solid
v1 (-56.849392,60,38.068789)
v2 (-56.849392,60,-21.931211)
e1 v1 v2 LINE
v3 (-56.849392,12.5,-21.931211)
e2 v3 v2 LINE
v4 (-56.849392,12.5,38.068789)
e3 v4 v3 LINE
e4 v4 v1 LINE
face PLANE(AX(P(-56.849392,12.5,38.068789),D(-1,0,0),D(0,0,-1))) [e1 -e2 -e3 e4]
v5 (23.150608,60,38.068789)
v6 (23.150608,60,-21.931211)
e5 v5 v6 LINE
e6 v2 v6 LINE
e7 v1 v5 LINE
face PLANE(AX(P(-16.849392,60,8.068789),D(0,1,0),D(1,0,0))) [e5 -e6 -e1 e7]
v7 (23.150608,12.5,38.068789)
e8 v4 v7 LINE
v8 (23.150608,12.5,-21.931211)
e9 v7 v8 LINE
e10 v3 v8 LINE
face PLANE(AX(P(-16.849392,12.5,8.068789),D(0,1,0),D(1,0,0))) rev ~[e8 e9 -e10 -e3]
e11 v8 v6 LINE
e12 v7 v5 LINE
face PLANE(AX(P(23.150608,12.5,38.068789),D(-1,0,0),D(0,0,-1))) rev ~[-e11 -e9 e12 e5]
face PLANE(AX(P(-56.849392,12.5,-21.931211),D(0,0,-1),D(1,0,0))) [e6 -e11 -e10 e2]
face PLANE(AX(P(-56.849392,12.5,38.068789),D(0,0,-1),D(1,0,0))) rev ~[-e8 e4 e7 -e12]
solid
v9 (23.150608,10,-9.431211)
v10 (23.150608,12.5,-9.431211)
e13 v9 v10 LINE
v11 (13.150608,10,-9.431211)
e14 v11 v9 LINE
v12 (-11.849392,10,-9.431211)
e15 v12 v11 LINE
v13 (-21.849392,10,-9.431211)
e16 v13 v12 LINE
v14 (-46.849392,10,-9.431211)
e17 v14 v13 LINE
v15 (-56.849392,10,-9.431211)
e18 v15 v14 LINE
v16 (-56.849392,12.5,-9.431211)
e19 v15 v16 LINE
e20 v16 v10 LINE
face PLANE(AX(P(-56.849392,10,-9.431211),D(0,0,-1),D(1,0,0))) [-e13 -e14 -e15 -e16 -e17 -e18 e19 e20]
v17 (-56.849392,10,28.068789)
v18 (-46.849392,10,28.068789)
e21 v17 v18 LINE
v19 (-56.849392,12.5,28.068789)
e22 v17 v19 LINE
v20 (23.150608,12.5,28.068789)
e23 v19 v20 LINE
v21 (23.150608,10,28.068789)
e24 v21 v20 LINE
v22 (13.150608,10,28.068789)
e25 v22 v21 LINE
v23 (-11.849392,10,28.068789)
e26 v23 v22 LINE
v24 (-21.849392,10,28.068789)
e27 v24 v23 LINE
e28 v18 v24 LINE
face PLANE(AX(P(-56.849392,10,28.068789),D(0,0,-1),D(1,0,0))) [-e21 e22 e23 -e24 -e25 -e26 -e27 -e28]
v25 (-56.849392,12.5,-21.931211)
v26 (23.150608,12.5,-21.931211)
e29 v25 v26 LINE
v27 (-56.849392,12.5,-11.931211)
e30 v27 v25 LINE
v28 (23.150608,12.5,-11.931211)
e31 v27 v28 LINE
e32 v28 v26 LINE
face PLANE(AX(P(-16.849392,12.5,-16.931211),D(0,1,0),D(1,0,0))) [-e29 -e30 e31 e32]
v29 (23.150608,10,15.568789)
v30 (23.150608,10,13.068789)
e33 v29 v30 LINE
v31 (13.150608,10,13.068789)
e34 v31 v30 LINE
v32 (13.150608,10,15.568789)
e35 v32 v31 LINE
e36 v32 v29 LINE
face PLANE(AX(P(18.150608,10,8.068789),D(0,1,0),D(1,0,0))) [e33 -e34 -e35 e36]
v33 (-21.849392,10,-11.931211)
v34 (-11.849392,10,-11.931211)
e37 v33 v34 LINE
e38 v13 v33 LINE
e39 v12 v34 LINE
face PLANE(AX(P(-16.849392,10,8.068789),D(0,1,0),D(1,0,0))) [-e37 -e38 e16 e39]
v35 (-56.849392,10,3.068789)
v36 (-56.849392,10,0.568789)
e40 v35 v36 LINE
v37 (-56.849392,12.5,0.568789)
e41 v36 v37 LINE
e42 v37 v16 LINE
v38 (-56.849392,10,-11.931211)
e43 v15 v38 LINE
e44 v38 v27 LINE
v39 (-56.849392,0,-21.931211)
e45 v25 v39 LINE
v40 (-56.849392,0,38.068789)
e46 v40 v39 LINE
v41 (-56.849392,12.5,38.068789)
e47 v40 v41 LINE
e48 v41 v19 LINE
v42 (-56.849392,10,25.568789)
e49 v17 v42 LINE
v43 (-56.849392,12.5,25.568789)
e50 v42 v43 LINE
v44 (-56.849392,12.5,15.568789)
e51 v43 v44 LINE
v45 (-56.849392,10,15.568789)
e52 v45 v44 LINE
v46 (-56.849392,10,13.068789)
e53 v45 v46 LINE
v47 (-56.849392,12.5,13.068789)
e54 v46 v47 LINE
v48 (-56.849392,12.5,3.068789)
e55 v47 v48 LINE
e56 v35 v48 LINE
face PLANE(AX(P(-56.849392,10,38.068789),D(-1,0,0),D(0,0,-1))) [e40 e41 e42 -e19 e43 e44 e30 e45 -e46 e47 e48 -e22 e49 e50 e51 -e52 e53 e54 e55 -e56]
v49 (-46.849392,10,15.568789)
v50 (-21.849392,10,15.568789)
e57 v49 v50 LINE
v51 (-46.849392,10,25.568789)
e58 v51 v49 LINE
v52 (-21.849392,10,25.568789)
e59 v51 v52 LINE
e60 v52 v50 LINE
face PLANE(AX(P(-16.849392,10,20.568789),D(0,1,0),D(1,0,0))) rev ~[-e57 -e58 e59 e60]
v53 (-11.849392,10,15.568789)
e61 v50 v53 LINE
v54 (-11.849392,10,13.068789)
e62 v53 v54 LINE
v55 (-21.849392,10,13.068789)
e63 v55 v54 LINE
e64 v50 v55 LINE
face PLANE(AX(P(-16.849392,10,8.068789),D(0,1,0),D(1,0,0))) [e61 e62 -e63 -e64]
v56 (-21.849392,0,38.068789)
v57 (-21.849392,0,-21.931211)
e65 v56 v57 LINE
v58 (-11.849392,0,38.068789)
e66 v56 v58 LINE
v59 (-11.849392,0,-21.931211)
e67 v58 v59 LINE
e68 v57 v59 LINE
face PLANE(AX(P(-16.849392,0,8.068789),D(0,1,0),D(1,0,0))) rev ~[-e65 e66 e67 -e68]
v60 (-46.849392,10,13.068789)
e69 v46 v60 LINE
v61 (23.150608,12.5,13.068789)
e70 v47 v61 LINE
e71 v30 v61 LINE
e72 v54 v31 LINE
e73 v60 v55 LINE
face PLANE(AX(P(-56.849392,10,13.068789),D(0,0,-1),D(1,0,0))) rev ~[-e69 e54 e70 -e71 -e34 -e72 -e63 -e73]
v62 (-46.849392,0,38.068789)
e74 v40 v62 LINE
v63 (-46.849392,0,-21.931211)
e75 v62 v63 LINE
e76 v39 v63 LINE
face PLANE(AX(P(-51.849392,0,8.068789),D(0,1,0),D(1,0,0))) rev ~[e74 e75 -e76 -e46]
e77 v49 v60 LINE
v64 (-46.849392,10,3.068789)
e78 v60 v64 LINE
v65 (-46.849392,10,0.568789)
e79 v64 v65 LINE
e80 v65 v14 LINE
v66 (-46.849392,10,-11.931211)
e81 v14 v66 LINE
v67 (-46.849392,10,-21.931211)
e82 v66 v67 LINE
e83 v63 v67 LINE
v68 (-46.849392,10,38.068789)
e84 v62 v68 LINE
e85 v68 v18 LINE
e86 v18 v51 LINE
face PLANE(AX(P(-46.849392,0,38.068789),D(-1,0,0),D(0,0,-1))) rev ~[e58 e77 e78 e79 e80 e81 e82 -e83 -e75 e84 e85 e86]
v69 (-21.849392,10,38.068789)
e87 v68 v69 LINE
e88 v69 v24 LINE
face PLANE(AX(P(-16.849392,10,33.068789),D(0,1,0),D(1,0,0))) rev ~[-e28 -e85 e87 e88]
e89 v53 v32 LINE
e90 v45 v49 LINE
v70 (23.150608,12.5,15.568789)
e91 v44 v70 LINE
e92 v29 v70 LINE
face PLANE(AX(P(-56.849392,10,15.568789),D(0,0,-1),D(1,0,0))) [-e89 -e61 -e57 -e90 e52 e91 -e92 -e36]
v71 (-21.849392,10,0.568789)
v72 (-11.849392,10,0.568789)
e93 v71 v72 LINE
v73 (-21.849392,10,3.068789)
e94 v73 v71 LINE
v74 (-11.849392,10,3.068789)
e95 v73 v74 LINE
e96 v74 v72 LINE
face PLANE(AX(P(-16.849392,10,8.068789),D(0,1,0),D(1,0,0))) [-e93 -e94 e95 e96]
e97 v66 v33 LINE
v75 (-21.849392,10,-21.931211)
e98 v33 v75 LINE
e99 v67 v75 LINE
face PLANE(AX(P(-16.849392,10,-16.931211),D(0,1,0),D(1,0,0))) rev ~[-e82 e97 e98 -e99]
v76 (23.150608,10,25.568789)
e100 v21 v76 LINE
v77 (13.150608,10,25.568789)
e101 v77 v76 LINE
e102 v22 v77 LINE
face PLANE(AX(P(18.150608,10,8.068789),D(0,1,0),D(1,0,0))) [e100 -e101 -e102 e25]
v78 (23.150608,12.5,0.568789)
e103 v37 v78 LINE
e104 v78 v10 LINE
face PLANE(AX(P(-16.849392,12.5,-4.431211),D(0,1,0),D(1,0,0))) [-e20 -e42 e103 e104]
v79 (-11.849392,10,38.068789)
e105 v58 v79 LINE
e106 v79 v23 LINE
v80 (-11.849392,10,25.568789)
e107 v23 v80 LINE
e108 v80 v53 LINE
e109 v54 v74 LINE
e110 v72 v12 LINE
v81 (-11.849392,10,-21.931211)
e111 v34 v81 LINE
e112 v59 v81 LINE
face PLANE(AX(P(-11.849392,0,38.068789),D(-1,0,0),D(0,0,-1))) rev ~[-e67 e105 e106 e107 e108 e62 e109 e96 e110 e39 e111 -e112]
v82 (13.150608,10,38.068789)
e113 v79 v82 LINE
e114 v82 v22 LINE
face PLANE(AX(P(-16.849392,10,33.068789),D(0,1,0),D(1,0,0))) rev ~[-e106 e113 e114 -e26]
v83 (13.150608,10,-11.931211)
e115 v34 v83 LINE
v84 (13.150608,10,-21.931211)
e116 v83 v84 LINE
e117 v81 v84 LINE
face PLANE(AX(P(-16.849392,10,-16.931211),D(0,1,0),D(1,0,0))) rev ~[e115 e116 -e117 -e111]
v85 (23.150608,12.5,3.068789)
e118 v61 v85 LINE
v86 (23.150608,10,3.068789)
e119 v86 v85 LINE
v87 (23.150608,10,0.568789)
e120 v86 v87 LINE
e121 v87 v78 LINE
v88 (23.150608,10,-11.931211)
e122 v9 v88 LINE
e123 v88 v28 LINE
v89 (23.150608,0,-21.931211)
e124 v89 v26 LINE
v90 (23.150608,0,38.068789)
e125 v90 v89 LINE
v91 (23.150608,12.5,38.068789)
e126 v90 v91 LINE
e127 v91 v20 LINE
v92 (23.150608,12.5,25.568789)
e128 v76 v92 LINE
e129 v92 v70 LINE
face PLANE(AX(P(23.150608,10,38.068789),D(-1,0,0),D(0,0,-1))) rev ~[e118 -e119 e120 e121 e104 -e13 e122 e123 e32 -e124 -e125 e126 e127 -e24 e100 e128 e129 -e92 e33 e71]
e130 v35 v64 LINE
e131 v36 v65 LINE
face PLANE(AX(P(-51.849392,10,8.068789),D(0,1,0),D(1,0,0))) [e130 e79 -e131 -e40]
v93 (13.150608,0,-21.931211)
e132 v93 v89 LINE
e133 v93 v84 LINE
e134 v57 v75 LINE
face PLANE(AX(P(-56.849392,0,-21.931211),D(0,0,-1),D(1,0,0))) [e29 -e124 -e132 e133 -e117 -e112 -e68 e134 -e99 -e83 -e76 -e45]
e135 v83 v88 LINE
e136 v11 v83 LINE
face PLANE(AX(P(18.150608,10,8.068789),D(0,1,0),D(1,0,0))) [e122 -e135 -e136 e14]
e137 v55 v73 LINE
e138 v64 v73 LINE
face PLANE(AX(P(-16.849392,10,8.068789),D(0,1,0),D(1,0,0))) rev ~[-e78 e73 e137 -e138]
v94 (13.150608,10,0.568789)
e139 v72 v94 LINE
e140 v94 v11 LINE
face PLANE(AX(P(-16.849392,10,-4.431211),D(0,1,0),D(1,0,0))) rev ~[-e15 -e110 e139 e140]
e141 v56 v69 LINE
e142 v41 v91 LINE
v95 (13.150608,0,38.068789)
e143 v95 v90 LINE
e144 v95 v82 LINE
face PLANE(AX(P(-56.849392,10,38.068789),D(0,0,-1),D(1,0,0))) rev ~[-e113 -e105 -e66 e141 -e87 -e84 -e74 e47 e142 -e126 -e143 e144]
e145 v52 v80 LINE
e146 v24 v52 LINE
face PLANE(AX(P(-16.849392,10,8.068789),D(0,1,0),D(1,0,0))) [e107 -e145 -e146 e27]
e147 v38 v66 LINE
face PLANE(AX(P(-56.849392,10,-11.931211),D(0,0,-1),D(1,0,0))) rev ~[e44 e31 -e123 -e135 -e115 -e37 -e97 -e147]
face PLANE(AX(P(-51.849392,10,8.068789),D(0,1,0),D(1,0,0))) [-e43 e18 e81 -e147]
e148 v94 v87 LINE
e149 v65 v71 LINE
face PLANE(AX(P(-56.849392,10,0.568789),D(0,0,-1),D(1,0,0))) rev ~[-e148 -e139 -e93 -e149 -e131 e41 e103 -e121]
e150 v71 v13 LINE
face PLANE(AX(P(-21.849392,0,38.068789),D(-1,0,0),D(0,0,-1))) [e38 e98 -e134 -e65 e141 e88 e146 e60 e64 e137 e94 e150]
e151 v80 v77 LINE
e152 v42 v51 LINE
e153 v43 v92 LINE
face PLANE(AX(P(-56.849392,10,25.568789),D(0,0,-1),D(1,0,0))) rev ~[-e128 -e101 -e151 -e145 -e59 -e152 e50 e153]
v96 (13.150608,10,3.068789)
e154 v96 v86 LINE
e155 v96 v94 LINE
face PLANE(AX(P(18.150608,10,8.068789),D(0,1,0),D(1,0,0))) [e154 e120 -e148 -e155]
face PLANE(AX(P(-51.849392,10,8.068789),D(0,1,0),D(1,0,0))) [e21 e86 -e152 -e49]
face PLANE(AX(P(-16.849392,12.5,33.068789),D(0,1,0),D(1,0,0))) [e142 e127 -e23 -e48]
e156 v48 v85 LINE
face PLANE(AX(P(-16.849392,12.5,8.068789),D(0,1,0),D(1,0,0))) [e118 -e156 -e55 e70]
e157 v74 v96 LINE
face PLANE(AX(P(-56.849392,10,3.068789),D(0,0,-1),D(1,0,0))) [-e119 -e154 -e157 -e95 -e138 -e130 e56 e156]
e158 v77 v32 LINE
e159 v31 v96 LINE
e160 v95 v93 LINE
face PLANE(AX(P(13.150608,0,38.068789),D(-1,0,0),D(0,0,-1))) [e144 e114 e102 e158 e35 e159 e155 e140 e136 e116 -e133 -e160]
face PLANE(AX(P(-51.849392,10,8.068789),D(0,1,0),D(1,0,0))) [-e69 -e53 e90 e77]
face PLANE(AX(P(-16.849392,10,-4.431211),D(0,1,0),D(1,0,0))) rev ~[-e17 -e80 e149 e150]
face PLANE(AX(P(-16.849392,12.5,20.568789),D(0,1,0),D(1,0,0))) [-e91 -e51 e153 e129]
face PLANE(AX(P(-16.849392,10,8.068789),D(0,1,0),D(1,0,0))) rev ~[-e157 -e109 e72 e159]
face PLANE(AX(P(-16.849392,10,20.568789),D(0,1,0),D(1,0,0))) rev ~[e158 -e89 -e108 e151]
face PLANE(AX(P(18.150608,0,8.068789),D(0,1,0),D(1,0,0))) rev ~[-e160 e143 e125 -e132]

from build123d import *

# Parameters (mm, degrees)
CROQUIS1_W                = 10
CROQUIS1_H                = 60
SALIENTE_EXTRUIR1_DEPTH   = 10
SALIENTE_EXTRUIR1_2_DEPTH = 10
SALIENTE_EXTRUIR1_3_DEPTH = 10
CROQUIS2_W                = 80
CROQUIS2_H                = 10
SALIENTE_EXTRUIR2_DEPTH   = 2.5
CROQUIS3_W                = 80
CROQUIS3_H                = 60
SALIENTE_EXTRUIR5_DEPTH   = 47.5


with BuildPart() as part:
    # Croquis1 → Saliente-Extruir1 (new body)
    with BuildSketch(Plane(origin=(0, 0, 0), x_dir=(1, 0, 0), z_dir=(0, 1, 0))):
        with Locations((-51.849391859, -8.068789191)):
            Rectangle(CROQUIS1_W, CROQUIS1_H)
    extrude(amount=SALIENTE_EXTRUIR1_DEPTH)



with BuildPart() as body_2:
    # Croquis1 → Saliente-Extruir1 2 (new body)
    with BuildSketch(Plane(origin=(0, 0, 0), x_dir=(1, 0, 0), z_dir=(0, 1, 0))):
        with Locations((-16.849391859, -8.068789191)):
            Rectangle(CROQUIS1_W, CROQUIS1_H)
    extrude(amount=SALIENTE_EXTRUIR1_2_DEPTH)


with BuildPart() as body_3:
    # Croquis1 → Saliente-Extruir1 3 (new body)
    with BuildSketch(Plane(origin=(0, 0, 0), x_dir=(1, 0, 0), z_dir=(0, 1, 0))):
        with Locations((18.150608141, -8.068789191)):
            Rectangle(CROQUIS1_W, CROQUIS1_H)
    extrude(amount=SALIENTE_EXTRUIR1_3_DEPTH)


with BuildPart() as part_1:
    add(part.part)

    add(body_2.part)  # Saliente-Extruir2 merges body 2

    add(body_3.part)  # Saliente-Extruir2 merges body 3
    # Croquis2 → Saliente-Extruir2 (add)
    with BuildSketch(Plane(origin=(0, 10, 0), x_dir=(1, 0, 0), z_dir=(0, 1, 0))):
        with Locations((-16.849391859, -33.068789191)):
            Rectangle(CROQUIS2_W, CROQUIS2_H)
        with Locations((-16.849391859, 16.931210809)):
            Rectangle(CROQUIS2_W, CROQUIS2_H)
        with Locations((-16.849391859, 4.431210809)):
            Rectangle(CROQUIS2_W, CROQUIS2_H)
        with Locations((-16.849391859, -20.568789191)):
            Rectangle(CROQUIS2_W, CROQUIS2_H)
        with Locations((-16.849391859, -8.068789191)):
            Rectangle(CROQUIS2_W, CROQUIS2_H)
    extrude(amount=SALIENTE_EXTRUIR2_DEPTH)


with BuildPart() as body_2_2:
    # Croquis3 → Saliente-Extruir5 (new body)
    with BuildSketch(Plane(origin=(0, 12.5, 0), x_dir=(1, 0, 0), z_dir=(0, 1, 0))):
        with Locations((-16.849391859, -8.068789191)):
            Rectangle(CROQUIS3_W, CROQUIS3_H)
    extrude(amount=SALIENTE_EXTRUIR5_DEPTH)


solid = Compound([part_1.part, body_2_2.part])
